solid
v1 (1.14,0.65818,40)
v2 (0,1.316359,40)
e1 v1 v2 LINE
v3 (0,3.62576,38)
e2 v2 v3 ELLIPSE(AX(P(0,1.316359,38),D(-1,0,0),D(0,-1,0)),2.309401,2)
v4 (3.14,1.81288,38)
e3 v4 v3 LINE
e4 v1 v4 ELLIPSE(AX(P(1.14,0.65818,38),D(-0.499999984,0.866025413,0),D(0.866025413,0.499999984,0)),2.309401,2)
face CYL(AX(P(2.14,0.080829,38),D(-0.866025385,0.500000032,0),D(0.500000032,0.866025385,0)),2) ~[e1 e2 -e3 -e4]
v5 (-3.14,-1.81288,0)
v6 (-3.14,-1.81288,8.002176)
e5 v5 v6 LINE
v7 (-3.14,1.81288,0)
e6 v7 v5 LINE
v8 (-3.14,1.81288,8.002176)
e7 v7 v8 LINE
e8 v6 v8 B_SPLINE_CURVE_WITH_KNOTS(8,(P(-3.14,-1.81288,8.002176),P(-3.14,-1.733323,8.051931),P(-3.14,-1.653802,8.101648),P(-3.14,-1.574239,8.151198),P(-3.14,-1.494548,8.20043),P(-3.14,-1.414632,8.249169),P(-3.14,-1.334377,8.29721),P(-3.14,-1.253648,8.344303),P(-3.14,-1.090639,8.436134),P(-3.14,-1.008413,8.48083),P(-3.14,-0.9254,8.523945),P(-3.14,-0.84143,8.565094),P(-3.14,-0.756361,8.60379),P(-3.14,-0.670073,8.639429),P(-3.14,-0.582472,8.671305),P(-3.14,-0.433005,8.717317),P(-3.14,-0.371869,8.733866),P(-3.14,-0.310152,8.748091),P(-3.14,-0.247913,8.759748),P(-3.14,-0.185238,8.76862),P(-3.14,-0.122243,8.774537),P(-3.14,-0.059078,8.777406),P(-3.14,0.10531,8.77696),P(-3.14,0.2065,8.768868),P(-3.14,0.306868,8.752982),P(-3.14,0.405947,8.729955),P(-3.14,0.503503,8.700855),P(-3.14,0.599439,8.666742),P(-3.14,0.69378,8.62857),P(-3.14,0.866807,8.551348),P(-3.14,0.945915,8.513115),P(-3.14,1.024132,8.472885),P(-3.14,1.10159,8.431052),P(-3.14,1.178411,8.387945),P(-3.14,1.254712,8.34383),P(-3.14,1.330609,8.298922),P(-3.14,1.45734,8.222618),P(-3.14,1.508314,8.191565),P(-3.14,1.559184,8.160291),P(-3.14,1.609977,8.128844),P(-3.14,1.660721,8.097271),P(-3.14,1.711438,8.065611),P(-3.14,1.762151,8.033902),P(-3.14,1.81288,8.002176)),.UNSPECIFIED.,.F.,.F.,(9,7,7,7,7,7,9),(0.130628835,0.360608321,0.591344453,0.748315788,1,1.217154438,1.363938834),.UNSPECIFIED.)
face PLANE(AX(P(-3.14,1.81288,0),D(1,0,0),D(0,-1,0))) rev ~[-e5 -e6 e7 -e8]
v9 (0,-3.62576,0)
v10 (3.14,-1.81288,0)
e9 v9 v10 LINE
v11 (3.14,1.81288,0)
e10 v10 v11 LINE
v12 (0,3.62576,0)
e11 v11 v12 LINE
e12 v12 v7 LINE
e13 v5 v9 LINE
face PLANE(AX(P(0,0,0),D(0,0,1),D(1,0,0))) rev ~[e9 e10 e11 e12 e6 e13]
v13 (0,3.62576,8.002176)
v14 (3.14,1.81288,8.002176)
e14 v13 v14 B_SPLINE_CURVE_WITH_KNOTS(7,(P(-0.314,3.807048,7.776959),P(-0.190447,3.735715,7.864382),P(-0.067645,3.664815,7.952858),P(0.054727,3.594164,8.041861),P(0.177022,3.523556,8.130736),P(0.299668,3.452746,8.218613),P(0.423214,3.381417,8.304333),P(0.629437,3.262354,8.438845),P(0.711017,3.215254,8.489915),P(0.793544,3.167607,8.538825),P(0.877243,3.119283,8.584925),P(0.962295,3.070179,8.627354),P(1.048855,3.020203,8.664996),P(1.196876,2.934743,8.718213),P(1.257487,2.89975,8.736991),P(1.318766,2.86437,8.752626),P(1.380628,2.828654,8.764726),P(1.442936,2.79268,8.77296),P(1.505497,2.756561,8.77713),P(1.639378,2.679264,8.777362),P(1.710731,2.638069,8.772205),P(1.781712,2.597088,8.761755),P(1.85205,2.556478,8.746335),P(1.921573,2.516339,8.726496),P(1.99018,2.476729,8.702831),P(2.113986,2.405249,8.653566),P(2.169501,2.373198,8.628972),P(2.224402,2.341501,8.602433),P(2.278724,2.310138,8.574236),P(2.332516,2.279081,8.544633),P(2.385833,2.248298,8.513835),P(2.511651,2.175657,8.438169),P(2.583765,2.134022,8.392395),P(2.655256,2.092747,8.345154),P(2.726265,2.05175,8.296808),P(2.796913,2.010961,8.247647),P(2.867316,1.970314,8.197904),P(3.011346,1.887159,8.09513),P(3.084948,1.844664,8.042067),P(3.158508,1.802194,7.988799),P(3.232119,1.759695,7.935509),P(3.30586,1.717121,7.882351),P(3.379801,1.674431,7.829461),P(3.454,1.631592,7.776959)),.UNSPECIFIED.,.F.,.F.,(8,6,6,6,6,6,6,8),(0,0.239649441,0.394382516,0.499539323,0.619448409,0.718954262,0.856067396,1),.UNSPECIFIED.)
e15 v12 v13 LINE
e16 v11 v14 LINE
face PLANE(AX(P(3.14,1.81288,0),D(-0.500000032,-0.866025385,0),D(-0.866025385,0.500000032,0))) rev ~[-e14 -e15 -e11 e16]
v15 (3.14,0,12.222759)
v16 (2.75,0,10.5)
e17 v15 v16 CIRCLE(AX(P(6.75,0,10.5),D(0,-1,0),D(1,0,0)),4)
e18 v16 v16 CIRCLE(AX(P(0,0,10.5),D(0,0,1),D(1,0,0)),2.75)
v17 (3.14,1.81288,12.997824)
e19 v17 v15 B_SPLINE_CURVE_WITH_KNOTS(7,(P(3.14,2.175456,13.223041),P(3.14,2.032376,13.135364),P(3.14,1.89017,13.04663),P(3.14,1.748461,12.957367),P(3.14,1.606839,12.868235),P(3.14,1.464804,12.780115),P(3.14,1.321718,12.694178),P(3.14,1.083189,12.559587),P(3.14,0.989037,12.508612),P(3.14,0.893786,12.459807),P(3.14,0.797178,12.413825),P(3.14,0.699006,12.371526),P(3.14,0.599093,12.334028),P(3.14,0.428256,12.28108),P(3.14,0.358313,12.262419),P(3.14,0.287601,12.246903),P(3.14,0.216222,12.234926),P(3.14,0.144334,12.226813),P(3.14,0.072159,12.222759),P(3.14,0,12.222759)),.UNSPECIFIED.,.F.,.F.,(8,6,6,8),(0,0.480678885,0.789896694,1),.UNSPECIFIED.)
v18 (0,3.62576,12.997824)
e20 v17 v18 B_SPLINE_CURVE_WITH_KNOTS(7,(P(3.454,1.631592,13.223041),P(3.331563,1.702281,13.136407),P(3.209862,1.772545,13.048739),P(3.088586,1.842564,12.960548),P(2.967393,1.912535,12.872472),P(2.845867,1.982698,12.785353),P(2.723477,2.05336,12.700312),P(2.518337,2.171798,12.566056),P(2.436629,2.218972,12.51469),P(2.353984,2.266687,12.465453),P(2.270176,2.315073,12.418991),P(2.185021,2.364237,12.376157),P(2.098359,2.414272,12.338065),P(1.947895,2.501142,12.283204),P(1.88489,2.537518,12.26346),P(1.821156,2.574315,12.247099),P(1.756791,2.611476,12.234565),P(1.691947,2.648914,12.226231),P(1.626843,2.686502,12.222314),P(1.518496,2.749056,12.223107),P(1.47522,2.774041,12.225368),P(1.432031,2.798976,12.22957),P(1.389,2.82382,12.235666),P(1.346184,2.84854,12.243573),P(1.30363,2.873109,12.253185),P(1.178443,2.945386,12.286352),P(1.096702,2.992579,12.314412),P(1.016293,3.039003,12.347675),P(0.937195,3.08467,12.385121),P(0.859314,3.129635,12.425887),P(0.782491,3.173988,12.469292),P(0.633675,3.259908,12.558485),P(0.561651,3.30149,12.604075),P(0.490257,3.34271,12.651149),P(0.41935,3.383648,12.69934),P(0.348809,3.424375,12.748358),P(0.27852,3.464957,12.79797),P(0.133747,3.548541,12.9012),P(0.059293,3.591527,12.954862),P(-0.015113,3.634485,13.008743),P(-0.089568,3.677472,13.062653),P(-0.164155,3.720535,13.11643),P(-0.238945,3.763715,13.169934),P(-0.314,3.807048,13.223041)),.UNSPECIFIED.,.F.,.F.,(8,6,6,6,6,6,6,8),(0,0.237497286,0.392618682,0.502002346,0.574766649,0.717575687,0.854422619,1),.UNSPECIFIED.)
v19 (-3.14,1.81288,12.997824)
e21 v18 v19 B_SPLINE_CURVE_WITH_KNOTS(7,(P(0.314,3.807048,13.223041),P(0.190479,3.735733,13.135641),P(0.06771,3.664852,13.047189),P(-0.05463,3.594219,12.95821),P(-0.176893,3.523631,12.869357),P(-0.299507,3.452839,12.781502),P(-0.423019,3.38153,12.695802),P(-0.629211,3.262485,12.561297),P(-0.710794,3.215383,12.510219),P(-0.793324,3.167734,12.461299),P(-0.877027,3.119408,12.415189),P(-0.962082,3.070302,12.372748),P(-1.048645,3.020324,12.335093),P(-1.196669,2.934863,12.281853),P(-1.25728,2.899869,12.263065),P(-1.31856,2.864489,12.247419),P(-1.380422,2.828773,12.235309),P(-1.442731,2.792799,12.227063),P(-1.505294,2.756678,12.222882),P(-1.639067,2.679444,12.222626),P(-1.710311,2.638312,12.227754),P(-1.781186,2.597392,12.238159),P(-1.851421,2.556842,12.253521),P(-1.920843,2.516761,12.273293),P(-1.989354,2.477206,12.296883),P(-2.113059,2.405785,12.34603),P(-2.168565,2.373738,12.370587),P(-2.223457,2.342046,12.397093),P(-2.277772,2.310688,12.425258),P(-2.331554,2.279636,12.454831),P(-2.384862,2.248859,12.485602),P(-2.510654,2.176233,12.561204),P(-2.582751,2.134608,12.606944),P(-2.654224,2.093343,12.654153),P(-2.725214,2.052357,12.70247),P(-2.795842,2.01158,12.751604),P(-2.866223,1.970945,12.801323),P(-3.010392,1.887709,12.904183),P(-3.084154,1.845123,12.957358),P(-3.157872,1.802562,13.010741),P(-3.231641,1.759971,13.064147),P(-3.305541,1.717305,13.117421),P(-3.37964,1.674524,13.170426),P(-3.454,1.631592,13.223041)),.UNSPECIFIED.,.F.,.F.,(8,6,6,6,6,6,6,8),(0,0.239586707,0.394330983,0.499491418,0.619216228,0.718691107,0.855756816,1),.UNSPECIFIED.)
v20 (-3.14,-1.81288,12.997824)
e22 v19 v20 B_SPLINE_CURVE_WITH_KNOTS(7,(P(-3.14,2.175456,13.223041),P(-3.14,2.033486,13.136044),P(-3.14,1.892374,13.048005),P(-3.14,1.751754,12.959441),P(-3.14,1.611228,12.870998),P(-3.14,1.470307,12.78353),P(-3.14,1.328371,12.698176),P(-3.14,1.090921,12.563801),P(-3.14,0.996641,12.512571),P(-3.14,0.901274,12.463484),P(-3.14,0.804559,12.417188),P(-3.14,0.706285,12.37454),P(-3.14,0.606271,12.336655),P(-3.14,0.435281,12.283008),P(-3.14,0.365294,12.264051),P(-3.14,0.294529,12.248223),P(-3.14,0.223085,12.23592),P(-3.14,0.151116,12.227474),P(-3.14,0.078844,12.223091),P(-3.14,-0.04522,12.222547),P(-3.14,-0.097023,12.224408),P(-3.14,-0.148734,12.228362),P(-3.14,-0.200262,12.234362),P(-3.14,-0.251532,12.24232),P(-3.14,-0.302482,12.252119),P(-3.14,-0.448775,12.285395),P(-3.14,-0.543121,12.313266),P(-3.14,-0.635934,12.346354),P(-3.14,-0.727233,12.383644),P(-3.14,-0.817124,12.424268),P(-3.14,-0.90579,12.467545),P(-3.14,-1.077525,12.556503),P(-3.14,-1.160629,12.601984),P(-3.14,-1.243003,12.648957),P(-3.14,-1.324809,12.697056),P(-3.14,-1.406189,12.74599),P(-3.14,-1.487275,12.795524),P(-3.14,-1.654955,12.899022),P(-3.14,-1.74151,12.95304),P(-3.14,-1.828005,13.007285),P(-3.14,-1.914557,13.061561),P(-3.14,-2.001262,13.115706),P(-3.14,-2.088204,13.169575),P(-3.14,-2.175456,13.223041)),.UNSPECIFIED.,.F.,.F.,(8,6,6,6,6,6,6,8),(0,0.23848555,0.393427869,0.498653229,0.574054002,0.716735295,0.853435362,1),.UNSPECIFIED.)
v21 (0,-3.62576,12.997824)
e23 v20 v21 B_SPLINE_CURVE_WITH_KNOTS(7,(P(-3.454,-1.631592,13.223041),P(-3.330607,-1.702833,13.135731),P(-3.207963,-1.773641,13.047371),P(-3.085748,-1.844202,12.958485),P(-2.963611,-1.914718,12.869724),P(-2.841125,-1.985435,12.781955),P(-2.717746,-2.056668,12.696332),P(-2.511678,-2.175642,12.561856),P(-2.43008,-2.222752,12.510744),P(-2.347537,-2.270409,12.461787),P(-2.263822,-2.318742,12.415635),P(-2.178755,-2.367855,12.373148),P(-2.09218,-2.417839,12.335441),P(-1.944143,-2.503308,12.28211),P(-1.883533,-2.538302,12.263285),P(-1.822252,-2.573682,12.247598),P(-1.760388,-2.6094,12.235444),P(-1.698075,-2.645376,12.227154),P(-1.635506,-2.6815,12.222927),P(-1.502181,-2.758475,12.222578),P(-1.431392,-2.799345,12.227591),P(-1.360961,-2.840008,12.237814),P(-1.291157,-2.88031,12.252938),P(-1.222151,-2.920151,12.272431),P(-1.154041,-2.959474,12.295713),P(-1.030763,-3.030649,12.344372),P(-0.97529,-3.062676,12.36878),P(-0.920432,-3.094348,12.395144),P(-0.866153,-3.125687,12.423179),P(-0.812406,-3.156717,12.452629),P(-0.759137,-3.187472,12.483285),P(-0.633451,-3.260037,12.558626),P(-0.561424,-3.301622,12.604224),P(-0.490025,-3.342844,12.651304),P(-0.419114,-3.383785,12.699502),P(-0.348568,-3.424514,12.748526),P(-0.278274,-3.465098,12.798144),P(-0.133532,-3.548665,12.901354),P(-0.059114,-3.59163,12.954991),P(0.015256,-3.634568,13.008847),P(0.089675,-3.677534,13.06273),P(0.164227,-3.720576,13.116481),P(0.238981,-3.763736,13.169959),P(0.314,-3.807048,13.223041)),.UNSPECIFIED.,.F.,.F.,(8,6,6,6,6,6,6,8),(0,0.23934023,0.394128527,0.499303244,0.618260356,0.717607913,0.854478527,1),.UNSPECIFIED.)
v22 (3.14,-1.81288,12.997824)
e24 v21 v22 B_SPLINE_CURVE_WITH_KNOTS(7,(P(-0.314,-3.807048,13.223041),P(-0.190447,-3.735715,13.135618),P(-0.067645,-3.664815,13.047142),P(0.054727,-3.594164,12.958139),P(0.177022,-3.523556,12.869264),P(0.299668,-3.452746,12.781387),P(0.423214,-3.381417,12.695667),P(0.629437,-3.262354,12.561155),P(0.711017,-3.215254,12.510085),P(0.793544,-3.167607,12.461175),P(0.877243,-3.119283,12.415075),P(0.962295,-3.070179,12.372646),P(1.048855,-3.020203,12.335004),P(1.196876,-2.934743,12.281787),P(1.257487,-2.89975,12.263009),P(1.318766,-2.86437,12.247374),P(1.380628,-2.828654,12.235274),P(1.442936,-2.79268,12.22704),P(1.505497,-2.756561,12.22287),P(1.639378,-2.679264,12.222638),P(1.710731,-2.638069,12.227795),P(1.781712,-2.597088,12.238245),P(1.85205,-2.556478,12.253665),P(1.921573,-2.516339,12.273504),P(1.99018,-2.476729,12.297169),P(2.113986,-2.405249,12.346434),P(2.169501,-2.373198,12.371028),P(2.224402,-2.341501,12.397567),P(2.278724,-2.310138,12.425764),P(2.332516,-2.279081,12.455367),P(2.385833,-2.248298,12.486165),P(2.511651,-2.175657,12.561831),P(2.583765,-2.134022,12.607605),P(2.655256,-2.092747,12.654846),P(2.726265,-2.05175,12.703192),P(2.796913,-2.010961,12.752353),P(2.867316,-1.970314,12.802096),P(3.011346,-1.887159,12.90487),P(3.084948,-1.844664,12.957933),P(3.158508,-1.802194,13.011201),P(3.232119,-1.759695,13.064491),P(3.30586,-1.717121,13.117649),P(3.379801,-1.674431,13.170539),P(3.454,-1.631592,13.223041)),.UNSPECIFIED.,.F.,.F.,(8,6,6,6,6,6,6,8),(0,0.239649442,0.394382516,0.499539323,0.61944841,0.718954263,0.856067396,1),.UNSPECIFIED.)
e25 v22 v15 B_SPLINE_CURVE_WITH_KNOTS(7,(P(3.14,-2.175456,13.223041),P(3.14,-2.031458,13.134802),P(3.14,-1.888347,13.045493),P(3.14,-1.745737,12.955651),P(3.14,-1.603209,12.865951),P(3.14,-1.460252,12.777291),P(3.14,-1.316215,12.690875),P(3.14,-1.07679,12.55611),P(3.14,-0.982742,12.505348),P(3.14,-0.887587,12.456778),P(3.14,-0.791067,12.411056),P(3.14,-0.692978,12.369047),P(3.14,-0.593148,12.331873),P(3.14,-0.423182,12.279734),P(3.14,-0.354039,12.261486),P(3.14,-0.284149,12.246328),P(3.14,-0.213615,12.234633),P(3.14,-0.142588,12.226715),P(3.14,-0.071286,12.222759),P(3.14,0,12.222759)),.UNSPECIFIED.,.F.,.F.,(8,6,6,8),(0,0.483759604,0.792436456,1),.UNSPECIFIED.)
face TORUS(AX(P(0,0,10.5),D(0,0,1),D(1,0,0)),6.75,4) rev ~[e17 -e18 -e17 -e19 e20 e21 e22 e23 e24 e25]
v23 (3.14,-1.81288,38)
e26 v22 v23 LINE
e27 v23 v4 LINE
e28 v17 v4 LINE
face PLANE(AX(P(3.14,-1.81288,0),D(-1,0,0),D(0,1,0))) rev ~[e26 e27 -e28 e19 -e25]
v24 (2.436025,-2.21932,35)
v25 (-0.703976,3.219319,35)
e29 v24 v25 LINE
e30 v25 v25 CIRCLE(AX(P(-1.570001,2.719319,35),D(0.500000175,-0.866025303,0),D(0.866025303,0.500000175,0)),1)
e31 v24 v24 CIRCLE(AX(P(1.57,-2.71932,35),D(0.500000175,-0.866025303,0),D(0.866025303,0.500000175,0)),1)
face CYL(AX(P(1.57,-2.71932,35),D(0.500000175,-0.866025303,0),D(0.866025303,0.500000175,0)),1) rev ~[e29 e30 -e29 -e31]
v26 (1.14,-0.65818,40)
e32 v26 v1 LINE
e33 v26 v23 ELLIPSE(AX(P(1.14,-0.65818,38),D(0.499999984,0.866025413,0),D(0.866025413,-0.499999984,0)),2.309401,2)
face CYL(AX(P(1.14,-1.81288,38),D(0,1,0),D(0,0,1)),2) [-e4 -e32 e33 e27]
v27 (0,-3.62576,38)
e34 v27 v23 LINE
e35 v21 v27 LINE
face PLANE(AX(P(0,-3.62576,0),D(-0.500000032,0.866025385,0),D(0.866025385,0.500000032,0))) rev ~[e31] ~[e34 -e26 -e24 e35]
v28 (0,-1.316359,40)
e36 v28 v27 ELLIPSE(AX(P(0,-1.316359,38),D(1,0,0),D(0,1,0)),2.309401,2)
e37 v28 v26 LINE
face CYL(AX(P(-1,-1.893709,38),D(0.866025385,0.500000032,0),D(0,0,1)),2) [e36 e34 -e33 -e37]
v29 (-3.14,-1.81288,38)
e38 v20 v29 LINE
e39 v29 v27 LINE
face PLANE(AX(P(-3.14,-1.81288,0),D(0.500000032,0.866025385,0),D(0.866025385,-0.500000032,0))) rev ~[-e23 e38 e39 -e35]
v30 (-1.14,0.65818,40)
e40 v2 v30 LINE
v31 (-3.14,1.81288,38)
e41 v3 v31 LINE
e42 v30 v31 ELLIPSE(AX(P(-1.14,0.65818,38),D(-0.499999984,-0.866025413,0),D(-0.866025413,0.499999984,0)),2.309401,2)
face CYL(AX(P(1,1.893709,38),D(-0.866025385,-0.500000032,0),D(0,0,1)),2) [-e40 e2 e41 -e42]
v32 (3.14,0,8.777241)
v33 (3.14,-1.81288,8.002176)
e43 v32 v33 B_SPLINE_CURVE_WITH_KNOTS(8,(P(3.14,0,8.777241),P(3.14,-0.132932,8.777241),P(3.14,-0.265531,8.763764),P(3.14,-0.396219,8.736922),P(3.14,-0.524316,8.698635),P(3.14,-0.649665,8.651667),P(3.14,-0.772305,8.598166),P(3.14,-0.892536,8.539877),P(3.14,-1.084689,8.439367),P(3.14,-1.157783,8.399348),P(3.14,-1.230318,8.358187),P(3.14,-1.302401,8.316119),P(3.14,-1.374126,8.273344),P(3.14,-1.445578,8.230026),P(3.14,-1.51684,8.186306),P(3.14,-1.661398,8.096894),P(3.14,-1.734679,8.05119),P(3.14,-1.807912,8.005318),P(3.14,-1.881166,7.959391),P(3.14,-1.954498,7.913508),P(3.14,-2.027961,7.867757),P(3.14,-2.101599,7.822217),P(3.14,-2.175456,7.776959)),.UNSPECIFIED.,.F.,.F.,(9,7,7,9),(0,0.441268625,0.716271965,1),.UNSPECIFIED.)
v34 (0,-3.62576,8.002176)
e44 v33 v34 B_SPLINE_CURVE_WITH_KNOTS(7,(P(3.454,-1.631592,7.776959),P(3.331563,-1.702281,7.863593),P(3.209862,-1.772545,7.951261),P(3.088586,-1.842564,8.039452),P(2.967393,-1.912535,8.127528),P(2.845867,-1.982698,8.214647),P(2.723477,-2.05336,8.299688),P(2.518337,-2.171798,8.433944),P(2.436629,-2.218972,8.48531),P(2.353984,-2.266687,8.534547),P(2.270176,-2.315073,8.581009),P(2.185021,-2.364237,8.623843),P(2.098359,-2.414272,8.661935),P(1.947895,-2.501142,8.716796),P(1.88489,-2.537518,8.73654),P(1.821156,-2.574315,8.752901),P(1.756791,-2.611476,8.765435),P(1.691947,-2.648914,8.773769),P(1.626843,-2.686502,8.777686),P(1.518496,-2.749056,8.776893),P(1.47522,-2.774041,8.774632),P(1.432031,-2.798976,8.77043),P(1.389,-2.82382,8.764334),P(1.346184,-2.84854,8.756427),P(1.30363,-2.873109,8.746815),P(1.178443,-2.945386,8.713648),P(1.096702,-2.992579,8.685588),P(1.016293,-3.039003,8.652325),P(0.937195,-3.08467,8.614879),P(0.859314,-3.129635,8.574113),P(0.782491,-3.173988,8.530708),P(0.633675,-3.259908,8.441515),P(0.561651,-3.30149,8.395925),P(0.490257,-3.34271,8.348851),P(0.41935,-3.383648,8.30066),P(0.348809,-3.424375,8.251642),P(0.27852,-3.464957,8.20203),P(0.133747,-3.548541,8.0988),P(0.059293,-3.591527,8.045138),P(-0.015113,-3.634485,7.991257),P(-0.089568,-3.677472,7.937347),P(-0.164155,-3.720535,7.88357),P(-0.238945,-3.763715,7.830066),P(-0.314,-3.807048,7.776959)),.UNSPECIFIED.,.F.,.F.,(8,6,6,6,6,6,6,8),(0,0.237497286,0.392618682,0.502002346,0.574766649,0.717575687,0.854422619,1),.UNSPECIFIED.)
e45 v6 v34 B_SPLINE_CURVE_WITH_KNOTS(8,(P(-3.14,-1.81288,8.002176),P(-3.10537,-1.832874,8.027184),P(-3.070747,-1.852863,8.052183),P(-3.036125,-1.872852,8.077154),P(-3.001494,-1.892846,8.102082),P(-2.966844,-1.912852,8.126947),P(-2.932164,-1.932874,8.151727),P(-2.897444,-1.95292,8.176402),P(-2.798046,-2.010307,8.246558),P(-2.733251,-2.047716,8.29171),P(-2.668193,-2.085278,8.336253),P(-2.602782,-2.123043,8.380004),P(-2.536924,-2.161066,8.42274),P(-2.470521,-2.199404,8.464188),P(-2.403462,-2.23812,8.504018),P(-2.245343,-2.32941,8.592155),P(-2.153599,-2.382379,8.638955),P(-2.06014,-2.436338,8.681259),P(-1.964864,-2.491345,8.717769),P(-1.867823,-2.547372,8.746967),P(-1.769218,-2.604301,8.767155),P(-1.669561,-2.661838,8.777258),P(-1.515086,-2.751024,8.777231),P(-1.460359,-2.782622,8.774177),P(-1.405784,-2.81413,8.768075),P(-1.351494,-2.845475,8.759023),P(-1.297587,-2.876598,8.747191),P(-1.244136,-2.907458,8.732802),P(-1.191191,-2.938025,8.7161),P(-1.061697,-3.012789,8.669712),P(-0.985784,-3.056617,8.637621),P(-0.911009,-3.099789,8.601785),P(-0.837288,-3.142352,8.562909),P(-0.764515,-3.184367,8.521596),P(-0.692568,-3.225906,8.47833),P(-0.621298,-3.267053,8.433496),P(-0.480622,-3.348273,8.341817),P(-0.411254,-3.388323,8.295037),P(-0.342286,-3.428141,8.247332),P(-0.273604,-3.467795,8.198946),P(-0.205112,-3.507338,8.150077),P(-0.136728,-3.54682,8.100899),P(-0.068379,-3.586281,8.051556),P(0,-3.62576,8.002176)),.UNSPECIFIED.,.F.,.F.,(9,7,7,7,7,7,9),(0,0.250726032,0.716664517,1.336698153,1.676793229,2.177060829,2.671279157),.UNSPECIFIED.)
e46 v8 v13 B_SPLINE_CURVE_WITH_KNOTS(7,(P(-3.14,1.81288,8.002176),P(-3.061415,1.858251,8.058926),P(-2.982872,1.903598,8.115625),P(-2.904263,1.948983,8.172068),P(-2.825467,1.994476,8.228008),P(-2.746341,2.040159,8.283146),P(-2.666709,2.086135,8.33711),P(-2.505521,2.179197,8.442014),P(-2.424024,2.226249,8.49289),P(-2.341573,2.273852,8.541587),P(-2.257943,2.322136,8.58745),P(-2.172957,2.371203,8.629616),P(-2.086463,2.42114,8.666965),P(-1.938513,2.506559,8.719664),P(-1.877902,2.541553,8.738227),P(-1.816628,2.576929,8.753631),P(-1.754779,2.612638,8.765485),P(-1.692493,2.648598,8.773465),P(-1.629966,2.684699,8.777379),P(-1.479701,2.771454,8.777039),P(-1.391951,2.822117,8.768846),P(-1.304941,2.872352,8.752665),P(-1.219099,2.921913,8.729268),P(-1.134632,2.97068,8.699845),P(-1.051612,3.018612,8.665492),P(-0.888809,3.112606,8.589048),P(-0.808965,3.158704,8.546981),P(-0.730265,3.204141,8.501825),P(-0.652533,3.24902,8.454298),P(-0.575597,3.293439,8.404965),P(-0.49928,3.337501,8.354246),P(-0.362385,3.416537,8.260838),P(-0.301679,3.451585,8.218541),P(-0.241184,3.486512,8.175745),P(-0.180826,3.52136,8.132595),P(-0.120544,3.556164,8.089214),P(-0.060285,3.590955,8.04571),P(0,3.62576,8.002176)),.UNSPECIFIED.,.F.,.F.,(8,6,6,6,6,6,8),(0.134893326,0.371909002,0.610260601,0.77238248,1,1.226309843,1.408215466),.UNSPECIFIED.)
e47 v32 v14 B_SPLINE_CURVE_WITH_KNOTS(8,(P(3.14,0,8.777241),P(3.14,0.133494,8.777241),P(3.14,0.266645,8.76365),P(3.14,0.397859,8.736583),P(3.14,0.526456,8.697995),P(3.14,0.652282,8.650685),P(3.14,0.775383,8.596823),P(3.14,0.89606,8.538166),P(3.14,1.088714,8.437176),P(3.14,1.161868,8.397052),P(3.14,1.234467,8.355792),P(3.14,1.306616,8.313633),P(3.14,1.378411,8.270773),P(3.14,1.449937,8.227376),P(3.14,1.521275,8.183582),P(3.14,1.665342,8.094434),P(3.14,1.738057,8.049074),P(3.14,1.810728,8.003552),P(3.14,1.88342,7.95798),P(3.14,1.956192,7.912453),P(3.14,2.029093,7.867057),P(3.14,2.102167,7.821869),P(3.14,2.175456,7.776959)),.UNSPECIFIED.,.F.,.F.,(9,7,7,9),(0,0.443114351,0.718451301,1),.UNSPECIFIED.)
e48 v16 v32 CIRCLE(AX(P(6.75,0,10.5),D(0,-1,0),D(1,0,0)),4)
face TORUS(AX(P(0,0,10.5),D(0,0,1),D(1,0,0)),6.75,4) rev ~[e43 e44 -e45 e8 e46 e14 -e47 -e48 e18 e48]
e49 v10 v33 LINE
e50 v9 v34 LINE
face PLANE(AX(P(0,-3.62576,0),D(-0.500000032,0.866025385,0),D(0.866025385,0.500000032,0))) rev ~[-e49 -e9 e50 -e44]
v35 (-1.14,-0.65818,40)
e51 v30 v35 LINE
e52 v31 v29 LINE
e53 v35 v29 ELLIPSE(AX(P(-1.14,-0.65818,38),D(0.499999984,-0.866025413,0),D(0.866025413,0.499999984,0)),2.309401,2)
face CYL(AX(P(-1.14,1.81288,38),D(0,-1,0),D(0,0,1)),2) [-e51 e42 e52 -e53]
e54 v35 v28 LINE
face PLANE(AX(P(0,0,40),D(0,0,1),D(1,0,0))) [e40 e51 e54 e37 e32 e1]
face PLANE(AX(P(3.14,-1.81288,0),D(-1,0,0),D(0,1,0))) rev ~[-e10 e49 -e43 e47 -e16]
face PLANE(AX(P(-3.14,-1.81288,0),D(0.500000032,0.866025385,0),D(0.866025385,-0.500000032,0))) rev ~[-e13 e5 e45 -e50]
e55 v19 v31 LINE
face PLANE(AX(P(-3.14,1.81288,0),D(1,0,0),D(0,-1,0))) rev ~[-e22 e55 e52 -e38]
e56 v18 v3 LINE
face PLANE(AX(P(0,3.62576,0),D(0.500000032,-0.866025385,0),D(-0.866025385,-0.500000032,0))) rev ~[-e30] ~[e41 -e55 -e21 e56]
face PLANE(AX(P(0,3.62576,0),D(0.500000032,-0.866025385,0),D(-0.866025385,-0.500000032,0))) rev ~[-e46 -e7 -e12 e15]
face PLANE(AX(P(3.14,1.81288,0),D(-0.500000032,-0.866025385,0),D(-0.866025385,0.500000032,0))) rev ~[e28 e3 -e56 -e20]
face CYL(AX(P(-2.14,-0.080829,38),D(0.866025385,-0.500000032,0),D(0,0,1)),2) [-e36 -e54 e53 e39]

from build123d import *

# Parameters (mm, degrees)
F1_DEPTH = 40
F2_R     = 1
F3_DEPTH = 7.851
F6_R     = 4
F8_R     = 2


with BuildPart() as f1:
    # F0 (on Top) → F1 (new body)
    with BuildSketch(Plane.XY):
        Polygon((0, 3.62576), (-3.14, 1.81288), (-3.14, -1.81288), (0, -3.62576), (3.14, -1.81288), (3.14, 1.81288), align=None)
    extrude(amount=F1_DEPTH)

    # F2 (on face) → F3 (cut, through all)
    with BuildSketch(Plane(origin=(1.57, -2.71932, 0), x_dir=(0.866025, 0.5, 0), z_dir=(0.5, -0.866025, 0))):
        with Locations((0, 35)):
            Circle(F2_R)
    extrude(amount=-F3_DEPTH, mode=Mode.SUBTRACT)

    # F7: sweep along a path in F5
    with BuildLine(Plane.XY.offset(10.5)) as f7_path:
        CenterArc((0, 0), 6.75, 0, 360)
    # F6 (on Front) → F7 (sweep, cut)
    with BuildSketch(Plane.XZ):
        with Locations((-6.75, 10.5)):
            Circle(F6_R)
    sweep(path=f7_path.line, mode=Mode.SUBTRACT)

    # F8
    f8_edges = [f1.edges().sort_by_distance(p)[0] for p in [
        (1.57, -2.71932, 40),
        (-1.57, -2.71932, 40),
        (3.14, 0, 40),
        (-1.57, 2.71932, 40),
        (-3.14, 0, 40),
        (1.57, 2.71932, 40),
    ]]
    fillet(f8_edges, radius=F8_R)


solid = f1.part
